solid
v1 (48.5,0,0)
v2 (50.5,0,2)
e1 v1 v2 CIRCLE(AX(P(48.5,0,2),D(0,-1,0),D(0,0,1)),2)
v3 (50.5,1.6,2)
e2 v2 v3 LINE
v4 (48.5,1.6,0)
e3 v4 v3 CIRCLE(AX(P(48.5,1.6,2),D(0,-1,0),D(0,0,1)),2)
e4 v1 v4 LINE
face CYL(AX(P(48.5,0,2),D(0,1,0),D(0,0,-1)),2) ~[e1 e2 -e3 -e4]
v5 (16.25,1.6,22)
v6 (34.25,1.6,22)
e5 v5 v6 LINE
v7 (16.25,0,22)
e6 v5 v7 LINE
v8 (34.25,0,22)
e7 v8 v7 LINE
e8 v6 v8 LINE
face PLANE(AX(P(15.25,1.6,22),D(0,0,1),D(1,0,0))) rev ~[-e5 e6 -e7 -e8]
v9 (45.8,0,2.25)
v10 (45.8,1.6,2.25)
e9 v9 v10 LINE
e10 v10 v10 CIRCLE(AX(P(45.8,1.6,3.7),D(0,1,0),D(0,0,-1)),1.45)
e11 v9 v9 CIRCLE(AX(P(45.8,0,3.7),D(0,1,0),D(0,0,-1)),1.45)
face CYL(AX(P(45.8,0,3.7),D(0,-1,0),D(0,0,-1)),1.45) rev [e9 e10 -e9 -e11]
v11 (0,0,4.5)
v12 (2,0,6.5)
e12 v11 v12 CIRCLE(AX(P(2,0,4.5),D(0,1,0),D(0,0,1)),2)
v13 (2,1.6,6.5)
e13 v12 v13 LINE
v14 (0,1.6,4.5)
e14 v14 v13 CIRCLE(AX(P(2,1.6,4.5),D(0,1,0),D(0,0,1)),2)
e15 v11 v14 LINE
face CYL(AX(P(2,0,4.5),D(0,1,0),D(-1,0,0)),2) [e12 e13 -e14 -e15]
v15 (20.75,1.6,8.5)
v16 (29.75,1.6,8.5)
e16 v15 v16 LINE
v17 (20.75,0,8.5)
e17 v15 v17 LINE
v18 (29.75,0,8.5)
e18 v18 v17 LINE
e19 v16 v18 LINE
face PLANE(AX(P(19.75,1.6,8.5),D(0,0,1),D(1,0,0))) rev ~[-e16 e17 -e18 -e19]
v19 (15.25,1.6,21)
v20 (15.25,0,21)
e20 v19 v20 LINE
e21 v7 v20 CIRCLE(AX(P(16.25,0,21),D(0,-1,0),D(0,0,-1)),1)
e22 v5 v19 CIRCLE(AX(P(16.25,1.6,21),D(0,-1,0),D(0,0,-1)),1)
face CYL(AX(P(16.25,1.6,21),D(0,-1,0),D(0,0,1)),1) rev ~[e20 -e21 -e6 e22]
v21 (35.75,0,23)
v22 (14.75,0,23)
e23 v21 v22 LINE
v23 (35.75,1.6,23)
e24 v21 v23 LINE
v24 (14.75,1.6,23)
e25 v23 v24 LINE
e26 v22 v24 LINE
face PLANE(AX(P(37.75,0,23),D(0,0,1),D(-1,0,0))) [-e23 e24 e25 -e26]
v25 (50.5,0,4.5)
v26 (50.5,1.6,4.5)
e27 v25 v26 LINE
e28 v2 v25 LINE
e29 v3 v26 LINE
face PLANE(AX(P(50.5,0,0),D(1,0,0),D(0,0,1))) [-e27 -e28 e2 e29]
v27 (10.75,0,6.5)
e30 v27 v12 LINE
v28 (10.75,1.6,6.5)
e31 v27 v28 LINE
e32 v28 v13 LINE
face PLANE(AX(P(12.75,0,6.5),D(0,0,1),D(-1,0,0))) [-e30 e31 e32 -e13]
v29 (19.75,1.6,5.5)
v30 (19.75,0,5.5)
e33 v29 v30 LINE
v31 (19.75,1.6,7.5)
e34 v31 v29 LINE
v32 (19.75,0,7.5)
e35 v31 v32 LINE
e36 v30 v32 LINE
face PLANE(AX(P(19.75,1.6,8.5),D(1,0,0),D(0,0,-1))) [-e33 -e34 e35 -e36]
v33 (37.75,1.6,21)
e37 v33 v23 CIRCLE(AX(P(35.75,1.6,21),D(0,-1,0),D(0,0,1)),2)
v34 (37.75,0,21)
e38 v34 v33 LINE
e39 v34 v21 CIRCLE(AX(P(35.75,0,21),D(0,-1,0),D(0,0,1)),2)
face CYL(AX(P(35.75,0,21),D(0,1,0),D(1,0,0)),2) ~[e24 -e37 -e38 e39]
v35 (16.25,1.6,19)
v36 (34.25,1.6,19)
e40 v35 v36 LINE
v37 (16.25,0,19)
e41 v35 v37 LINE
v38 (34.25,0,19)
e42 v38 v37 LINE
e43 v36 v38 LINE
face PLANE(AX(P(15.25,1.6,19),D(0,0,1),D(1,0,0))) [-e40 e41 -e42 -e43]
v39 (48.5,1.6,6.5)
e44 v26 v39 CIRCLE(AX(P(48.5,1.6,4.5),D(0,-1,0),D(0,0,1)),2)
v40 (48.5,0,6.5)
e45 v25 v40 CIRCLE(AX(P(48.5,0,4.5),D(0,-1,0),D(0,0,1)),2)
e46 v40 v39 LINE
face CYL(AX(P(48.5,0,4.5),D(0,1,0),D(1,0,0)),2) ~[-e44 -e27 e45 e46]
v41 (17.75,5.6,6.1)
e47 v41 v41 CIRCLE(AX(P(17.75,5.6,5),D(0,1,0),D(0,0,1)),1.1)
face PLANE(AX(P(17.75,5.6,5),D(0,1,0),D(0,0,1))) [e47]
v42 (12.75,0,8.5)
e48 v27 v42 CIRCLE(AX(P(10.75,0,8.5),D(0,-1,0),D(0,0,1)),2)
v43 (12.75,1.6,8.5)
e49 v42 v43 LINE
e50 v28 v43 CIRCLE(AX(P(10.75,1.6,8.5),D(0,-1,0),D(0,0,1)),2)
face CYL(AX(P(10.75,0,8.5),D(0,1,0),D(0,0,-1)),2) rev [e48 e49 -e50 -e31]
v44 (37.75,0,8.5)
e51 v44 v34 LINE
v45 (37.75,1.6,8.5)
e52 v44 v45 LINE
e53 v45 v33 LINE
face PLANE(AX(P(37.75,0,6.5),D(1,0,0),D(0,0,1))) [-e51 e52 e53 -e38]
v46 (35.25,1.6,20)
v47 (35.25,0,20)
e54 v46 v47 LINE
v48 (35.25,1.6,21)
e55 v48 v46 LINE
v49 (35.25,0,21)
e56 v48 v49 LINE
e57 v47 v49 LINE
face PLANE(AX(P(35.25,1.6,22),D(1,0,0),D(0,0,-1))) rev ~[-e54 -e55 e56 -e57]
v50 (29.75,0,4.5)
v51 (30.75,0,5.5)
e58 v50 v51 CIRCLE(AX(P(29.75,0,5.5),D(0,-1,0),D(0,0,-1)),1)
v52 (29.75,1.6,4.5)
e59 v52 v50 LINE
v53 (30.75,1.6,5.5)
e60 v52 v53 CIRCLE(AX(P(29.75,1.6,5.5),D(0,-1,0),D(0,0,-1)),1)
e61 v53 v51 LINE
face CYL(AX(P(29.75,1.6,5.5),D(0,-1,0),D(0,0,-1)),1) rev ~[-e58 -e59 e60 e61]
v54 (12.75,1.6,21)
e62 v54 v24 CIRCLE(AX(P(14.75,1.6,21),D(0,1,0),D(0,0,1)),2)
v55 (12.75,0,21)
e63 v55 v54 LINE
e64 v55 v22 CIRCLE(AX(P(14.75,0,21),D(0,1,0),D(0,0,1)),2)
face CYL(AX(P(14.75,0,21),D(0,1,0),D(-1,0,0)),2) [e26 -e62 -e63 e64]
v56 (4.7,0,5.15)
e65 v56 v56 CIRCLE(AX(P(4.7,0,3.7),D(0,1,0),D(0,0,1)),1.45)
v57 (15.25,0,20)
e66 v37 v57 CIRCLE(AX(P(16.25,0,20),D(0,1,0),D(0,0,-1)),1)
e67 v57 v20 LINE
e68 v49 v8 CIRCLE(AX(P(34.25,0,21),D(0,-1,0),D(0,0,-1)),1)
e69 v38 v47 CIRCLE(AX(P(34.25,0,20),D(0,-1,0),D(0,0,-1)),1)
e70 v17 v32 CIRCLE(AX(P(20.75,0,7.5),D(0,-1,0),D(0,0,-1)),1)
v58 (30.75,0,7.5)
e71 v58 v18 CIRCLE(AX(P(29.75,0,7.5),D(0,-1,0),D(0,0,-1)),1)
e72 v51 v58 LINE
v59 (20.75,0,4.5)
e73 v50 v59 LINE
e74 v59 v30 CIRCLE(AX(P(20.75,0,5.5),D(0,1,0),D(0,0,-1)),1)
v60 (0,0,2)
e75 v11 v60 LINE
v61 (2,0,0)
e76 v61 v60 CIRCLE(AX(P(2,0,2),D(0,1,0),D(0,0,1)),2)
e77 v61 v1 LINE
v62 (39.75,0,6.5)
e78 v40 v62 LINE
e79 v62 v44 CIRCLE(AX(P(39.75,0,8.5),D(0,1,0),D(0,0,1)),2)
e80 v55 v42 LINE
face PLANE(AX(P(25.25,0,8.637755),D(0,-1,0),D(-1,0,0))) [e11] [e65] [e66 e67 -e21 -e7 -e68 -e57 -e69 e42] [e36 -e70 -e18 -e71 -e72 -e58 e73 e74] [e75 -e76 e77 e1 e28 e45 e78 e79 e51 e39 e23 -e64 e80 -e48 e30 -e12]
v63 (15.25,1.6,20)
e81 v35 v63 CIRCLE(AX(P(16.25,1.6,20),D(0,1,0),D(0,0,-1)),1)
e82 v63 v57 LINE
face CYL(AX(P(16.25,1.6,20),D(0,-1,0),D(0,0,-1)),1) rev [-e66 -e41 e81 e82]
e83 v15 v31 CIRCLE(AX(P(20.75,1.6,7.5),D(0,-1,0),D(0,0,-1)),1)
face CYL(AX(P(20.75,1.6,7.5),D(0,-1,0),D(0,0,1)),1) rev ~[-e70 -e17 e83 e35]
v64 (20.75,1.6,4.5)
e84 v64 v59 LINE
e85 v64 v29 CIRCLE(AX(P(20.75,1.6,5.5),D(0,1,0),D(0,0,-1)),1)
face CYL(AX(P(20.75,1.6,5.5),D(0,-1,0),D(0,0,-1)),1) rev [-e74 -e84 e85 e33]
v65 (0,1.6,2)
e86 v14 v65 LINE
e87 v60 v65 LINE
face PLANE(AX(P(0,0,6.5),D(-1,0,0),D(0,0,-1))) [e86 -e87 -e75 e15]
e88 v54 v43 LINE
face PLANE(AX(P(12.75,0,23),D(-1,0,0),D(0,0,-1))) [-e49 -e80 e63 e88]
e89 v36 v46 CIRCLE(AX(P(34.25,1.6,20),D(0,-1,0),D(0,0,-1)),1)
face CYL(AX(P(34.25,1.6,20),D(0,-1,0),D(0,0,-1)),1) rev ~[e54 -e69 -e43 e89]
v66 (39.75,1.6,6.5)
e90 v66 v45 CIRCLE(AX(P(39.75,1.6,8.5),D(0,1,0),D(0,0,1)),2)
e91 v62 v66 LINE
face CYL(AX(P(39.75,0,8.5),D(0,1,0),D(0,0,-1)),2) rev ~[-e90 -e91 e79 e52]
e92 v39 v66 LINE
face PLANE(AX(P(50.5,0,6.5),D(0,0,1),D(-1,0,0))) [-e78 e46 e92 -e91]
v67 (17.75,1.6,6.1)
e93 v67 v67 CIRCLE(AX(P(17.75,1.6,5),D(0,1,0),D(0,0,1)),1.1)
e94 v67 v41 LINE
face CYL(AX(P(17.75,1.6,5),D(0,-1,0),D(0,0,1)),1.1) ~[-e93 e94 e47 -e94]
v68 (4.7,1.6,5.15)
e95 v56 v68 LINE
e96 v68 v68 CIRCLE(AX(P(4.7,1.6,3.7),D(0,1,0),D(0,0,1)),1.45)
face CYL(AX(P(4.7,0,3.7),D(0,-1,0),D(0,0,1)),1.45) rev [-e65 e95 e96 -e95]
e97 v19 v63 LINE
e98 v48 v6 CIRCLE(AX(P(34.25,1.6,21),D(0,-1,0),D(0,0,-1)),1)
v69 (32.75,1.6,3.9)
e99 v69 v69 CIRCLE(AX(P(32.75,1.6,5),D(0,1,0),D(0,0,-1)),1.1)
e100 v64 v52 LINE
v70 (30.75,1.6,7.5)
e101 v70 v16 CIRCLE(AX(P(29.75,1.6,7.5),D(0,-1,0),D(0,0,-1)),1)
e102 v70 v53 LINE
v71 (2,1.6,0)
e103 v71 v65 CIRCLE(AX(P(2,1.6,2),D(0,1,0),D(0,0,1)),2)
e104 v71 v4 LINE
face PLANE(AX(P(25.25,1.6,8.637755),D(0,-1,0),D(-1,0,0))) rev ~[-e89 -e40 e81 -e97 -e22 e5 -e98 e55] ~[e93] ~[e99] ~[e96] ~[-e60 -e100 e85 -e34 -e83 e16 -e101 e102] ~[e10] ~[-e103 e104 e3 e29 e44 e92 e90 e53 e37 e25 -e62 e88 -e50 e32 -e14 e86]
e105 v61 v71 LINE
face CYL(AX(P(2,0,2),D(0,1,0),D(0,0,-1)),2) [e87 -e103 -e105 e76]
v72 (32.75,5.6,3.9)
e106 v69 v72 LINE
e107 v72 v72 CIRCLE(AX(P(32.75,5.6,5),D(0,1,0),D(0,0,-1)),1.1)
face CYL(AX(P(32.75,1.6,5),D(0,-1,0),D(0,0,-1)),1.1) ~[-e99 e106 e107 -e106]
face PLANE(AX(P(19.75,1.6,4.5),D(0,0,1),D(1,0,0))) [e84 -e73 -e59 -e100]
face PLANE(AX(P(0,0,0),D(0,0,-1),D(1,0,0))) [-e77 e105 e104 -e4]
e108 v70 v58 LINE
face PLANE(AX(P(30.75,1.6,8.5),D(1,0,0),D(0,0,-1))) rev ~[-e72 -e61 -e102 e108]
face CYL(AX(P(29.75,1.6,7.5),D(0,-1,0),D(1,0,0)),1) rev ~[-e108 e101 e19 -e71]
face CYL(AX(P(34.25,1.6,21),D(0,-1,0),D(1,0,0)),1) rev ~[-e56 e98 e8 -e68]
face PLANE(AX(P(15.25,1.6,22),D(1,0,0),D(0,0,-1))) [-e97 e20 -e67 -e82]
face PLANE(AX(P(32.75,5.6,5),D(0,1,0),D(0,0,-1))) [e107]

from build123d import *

# Parameters (mm, degrees)
SKIZZE1_R                       = 1.45
AUFSATZ_LINEAR_AUSTRAGEN1_DEPTH = 1.6
VERRUNDUNG1_R                   = 2
SKIZZE2_R                       = 1.1
AUFSATZ_LINEAR_AUSTRAGEN2_DEPTH = 4
SKIZZE3_W                       = 11
SKIZZE3_H                       = 4
SCHNITT_LINEAR_AUSTRAGEN1_DEPTH = 3
VERRUNDUNG2_R                   = 1
SKIZZE4_W                       = 20
SKIZZE4_H                       = 3
SCHNITT_LINEAR_AUSTRAGEN2_DEPTH = 3
VERRUNDUNG3_R                   = 1


with BuildPart() as part:
    # Skizze1 → Aufsatz-Linear austragen1 (new body)
    with BuildSketch(Plane(origin=(0, 0, 0), x_dir=(1, 0, 0), z_dir=(0, 1, 0))):
        Polygon((0, 0), (50.5, 0), (50.5, -6.5), (37.75, -6.5), (37.75, -23), (12.75, -23), (12.75, -6.5), (0, -6.5), align=None)
        with Locations(Location((4.7, -3.7, 0), (0, 0, 270))):
            Circle(SKIZZE1_R, mode=Mode.SUBTRACT)
        with Locations(Location((45.8, -3.7, 0), (0, 0, 90))):
            Circle(SKIZZE1_R, mode=Mode.SUBTRACT)
    extrude(amount=AUFSATZ_LINEAR_AUSTRAGEN1_DEPTH)

    # Verrundung1
    verrundung1_edges = [part.edges().sort_by_distance(p)[0] for p in [
        (0, 0.8, 0),
        (50.5, 0.8, 0),
        (50.5, 0.8, 6.5),
        (37.75, 0.8, 6.5),
        (37.75, 0.8, 23),
        (12.75, 0.8, 23),
        (12.75, 0.8, 6.5),
        (0, 0.8, 6.5),
    ]]
    fillet(verrundung1_edges, radius=VERRUNDUNG1_R)

    # Skizze2 → Aufsatz-Linear austragen2 (add)
    with BuildSketch(Plane(origin=(0, 1.6, 0), x_dir=(1, 0, 0), z_dir=(0, 1, 0))):
        with Locations(Location((17.75, -5, 0), (0, 0, 270))):
            Circle(SKIZZE2_R)
        with Locations(Location((32.75, -5, 0), (0, 0, 90))):
            Circle(SKIZZE2_R)
    extrude(amount=AUFSATZ_LINEAR_AUSTRAGEN2_DEPTH)

    # Skizze3 → Schnitt-Linear austragen1 (cut)
    with BuildSketch(Plane(origin=(0, 1.6, 0), x_dir=(1, 0, 0), z_dir=(0, 1, 0))):
        with Locations((25.25, -6.5)):
            Rectangle(SKIZZE3_W, SKIZZE3_H)
    extrude(amount=-SCHNITT_LINEAR_AUSTRAGEN1_DEPTH, mode=Mode.SUBTRACT)

    # Verrundung2
    verrundung2_edges = [part.edges().sort_by_distance(p)[0] for p in [
        (19.75, 0.8, 8.5),
        (19.75, 0.8, 4.5),
        (30.75, 0.8, 4.5),
        (30.75, 0.8, 8.5),
    ]]
    fillet(verrundung2_edges, radius=VERRUNDUNG2_R)

    # Skizze4 → Schnitt-Linear austragen2 (cut)
    with BuildSketch(Plane(origin=(0, 1.6, 0), x_dir=(1, 0, 0), z_dir=(0, 1, 0))):
        with Locations((25.25, -20.5)):
            Rectangle(SKIZZE4_W, SKIZZE4_H)
    extrude(amount=-SCHNITT_LINEAR_AUSTRAGEN2_DEPTH, mode=Mode.SUBTRACT)

    # Verrundung3
    verrundung3_edges = [part.edges().sort_by_distance(p)[0] for p in [
        (15.25, 0.8, 22),
        (15.25, 0.8, 19),
        (35.25, 0.8, 19),
        (35.25, 0.8, 22),
    ]]
    fillet(verrundung3_edges, radius=VERRUNDUNG3_R)


solid = part.part
